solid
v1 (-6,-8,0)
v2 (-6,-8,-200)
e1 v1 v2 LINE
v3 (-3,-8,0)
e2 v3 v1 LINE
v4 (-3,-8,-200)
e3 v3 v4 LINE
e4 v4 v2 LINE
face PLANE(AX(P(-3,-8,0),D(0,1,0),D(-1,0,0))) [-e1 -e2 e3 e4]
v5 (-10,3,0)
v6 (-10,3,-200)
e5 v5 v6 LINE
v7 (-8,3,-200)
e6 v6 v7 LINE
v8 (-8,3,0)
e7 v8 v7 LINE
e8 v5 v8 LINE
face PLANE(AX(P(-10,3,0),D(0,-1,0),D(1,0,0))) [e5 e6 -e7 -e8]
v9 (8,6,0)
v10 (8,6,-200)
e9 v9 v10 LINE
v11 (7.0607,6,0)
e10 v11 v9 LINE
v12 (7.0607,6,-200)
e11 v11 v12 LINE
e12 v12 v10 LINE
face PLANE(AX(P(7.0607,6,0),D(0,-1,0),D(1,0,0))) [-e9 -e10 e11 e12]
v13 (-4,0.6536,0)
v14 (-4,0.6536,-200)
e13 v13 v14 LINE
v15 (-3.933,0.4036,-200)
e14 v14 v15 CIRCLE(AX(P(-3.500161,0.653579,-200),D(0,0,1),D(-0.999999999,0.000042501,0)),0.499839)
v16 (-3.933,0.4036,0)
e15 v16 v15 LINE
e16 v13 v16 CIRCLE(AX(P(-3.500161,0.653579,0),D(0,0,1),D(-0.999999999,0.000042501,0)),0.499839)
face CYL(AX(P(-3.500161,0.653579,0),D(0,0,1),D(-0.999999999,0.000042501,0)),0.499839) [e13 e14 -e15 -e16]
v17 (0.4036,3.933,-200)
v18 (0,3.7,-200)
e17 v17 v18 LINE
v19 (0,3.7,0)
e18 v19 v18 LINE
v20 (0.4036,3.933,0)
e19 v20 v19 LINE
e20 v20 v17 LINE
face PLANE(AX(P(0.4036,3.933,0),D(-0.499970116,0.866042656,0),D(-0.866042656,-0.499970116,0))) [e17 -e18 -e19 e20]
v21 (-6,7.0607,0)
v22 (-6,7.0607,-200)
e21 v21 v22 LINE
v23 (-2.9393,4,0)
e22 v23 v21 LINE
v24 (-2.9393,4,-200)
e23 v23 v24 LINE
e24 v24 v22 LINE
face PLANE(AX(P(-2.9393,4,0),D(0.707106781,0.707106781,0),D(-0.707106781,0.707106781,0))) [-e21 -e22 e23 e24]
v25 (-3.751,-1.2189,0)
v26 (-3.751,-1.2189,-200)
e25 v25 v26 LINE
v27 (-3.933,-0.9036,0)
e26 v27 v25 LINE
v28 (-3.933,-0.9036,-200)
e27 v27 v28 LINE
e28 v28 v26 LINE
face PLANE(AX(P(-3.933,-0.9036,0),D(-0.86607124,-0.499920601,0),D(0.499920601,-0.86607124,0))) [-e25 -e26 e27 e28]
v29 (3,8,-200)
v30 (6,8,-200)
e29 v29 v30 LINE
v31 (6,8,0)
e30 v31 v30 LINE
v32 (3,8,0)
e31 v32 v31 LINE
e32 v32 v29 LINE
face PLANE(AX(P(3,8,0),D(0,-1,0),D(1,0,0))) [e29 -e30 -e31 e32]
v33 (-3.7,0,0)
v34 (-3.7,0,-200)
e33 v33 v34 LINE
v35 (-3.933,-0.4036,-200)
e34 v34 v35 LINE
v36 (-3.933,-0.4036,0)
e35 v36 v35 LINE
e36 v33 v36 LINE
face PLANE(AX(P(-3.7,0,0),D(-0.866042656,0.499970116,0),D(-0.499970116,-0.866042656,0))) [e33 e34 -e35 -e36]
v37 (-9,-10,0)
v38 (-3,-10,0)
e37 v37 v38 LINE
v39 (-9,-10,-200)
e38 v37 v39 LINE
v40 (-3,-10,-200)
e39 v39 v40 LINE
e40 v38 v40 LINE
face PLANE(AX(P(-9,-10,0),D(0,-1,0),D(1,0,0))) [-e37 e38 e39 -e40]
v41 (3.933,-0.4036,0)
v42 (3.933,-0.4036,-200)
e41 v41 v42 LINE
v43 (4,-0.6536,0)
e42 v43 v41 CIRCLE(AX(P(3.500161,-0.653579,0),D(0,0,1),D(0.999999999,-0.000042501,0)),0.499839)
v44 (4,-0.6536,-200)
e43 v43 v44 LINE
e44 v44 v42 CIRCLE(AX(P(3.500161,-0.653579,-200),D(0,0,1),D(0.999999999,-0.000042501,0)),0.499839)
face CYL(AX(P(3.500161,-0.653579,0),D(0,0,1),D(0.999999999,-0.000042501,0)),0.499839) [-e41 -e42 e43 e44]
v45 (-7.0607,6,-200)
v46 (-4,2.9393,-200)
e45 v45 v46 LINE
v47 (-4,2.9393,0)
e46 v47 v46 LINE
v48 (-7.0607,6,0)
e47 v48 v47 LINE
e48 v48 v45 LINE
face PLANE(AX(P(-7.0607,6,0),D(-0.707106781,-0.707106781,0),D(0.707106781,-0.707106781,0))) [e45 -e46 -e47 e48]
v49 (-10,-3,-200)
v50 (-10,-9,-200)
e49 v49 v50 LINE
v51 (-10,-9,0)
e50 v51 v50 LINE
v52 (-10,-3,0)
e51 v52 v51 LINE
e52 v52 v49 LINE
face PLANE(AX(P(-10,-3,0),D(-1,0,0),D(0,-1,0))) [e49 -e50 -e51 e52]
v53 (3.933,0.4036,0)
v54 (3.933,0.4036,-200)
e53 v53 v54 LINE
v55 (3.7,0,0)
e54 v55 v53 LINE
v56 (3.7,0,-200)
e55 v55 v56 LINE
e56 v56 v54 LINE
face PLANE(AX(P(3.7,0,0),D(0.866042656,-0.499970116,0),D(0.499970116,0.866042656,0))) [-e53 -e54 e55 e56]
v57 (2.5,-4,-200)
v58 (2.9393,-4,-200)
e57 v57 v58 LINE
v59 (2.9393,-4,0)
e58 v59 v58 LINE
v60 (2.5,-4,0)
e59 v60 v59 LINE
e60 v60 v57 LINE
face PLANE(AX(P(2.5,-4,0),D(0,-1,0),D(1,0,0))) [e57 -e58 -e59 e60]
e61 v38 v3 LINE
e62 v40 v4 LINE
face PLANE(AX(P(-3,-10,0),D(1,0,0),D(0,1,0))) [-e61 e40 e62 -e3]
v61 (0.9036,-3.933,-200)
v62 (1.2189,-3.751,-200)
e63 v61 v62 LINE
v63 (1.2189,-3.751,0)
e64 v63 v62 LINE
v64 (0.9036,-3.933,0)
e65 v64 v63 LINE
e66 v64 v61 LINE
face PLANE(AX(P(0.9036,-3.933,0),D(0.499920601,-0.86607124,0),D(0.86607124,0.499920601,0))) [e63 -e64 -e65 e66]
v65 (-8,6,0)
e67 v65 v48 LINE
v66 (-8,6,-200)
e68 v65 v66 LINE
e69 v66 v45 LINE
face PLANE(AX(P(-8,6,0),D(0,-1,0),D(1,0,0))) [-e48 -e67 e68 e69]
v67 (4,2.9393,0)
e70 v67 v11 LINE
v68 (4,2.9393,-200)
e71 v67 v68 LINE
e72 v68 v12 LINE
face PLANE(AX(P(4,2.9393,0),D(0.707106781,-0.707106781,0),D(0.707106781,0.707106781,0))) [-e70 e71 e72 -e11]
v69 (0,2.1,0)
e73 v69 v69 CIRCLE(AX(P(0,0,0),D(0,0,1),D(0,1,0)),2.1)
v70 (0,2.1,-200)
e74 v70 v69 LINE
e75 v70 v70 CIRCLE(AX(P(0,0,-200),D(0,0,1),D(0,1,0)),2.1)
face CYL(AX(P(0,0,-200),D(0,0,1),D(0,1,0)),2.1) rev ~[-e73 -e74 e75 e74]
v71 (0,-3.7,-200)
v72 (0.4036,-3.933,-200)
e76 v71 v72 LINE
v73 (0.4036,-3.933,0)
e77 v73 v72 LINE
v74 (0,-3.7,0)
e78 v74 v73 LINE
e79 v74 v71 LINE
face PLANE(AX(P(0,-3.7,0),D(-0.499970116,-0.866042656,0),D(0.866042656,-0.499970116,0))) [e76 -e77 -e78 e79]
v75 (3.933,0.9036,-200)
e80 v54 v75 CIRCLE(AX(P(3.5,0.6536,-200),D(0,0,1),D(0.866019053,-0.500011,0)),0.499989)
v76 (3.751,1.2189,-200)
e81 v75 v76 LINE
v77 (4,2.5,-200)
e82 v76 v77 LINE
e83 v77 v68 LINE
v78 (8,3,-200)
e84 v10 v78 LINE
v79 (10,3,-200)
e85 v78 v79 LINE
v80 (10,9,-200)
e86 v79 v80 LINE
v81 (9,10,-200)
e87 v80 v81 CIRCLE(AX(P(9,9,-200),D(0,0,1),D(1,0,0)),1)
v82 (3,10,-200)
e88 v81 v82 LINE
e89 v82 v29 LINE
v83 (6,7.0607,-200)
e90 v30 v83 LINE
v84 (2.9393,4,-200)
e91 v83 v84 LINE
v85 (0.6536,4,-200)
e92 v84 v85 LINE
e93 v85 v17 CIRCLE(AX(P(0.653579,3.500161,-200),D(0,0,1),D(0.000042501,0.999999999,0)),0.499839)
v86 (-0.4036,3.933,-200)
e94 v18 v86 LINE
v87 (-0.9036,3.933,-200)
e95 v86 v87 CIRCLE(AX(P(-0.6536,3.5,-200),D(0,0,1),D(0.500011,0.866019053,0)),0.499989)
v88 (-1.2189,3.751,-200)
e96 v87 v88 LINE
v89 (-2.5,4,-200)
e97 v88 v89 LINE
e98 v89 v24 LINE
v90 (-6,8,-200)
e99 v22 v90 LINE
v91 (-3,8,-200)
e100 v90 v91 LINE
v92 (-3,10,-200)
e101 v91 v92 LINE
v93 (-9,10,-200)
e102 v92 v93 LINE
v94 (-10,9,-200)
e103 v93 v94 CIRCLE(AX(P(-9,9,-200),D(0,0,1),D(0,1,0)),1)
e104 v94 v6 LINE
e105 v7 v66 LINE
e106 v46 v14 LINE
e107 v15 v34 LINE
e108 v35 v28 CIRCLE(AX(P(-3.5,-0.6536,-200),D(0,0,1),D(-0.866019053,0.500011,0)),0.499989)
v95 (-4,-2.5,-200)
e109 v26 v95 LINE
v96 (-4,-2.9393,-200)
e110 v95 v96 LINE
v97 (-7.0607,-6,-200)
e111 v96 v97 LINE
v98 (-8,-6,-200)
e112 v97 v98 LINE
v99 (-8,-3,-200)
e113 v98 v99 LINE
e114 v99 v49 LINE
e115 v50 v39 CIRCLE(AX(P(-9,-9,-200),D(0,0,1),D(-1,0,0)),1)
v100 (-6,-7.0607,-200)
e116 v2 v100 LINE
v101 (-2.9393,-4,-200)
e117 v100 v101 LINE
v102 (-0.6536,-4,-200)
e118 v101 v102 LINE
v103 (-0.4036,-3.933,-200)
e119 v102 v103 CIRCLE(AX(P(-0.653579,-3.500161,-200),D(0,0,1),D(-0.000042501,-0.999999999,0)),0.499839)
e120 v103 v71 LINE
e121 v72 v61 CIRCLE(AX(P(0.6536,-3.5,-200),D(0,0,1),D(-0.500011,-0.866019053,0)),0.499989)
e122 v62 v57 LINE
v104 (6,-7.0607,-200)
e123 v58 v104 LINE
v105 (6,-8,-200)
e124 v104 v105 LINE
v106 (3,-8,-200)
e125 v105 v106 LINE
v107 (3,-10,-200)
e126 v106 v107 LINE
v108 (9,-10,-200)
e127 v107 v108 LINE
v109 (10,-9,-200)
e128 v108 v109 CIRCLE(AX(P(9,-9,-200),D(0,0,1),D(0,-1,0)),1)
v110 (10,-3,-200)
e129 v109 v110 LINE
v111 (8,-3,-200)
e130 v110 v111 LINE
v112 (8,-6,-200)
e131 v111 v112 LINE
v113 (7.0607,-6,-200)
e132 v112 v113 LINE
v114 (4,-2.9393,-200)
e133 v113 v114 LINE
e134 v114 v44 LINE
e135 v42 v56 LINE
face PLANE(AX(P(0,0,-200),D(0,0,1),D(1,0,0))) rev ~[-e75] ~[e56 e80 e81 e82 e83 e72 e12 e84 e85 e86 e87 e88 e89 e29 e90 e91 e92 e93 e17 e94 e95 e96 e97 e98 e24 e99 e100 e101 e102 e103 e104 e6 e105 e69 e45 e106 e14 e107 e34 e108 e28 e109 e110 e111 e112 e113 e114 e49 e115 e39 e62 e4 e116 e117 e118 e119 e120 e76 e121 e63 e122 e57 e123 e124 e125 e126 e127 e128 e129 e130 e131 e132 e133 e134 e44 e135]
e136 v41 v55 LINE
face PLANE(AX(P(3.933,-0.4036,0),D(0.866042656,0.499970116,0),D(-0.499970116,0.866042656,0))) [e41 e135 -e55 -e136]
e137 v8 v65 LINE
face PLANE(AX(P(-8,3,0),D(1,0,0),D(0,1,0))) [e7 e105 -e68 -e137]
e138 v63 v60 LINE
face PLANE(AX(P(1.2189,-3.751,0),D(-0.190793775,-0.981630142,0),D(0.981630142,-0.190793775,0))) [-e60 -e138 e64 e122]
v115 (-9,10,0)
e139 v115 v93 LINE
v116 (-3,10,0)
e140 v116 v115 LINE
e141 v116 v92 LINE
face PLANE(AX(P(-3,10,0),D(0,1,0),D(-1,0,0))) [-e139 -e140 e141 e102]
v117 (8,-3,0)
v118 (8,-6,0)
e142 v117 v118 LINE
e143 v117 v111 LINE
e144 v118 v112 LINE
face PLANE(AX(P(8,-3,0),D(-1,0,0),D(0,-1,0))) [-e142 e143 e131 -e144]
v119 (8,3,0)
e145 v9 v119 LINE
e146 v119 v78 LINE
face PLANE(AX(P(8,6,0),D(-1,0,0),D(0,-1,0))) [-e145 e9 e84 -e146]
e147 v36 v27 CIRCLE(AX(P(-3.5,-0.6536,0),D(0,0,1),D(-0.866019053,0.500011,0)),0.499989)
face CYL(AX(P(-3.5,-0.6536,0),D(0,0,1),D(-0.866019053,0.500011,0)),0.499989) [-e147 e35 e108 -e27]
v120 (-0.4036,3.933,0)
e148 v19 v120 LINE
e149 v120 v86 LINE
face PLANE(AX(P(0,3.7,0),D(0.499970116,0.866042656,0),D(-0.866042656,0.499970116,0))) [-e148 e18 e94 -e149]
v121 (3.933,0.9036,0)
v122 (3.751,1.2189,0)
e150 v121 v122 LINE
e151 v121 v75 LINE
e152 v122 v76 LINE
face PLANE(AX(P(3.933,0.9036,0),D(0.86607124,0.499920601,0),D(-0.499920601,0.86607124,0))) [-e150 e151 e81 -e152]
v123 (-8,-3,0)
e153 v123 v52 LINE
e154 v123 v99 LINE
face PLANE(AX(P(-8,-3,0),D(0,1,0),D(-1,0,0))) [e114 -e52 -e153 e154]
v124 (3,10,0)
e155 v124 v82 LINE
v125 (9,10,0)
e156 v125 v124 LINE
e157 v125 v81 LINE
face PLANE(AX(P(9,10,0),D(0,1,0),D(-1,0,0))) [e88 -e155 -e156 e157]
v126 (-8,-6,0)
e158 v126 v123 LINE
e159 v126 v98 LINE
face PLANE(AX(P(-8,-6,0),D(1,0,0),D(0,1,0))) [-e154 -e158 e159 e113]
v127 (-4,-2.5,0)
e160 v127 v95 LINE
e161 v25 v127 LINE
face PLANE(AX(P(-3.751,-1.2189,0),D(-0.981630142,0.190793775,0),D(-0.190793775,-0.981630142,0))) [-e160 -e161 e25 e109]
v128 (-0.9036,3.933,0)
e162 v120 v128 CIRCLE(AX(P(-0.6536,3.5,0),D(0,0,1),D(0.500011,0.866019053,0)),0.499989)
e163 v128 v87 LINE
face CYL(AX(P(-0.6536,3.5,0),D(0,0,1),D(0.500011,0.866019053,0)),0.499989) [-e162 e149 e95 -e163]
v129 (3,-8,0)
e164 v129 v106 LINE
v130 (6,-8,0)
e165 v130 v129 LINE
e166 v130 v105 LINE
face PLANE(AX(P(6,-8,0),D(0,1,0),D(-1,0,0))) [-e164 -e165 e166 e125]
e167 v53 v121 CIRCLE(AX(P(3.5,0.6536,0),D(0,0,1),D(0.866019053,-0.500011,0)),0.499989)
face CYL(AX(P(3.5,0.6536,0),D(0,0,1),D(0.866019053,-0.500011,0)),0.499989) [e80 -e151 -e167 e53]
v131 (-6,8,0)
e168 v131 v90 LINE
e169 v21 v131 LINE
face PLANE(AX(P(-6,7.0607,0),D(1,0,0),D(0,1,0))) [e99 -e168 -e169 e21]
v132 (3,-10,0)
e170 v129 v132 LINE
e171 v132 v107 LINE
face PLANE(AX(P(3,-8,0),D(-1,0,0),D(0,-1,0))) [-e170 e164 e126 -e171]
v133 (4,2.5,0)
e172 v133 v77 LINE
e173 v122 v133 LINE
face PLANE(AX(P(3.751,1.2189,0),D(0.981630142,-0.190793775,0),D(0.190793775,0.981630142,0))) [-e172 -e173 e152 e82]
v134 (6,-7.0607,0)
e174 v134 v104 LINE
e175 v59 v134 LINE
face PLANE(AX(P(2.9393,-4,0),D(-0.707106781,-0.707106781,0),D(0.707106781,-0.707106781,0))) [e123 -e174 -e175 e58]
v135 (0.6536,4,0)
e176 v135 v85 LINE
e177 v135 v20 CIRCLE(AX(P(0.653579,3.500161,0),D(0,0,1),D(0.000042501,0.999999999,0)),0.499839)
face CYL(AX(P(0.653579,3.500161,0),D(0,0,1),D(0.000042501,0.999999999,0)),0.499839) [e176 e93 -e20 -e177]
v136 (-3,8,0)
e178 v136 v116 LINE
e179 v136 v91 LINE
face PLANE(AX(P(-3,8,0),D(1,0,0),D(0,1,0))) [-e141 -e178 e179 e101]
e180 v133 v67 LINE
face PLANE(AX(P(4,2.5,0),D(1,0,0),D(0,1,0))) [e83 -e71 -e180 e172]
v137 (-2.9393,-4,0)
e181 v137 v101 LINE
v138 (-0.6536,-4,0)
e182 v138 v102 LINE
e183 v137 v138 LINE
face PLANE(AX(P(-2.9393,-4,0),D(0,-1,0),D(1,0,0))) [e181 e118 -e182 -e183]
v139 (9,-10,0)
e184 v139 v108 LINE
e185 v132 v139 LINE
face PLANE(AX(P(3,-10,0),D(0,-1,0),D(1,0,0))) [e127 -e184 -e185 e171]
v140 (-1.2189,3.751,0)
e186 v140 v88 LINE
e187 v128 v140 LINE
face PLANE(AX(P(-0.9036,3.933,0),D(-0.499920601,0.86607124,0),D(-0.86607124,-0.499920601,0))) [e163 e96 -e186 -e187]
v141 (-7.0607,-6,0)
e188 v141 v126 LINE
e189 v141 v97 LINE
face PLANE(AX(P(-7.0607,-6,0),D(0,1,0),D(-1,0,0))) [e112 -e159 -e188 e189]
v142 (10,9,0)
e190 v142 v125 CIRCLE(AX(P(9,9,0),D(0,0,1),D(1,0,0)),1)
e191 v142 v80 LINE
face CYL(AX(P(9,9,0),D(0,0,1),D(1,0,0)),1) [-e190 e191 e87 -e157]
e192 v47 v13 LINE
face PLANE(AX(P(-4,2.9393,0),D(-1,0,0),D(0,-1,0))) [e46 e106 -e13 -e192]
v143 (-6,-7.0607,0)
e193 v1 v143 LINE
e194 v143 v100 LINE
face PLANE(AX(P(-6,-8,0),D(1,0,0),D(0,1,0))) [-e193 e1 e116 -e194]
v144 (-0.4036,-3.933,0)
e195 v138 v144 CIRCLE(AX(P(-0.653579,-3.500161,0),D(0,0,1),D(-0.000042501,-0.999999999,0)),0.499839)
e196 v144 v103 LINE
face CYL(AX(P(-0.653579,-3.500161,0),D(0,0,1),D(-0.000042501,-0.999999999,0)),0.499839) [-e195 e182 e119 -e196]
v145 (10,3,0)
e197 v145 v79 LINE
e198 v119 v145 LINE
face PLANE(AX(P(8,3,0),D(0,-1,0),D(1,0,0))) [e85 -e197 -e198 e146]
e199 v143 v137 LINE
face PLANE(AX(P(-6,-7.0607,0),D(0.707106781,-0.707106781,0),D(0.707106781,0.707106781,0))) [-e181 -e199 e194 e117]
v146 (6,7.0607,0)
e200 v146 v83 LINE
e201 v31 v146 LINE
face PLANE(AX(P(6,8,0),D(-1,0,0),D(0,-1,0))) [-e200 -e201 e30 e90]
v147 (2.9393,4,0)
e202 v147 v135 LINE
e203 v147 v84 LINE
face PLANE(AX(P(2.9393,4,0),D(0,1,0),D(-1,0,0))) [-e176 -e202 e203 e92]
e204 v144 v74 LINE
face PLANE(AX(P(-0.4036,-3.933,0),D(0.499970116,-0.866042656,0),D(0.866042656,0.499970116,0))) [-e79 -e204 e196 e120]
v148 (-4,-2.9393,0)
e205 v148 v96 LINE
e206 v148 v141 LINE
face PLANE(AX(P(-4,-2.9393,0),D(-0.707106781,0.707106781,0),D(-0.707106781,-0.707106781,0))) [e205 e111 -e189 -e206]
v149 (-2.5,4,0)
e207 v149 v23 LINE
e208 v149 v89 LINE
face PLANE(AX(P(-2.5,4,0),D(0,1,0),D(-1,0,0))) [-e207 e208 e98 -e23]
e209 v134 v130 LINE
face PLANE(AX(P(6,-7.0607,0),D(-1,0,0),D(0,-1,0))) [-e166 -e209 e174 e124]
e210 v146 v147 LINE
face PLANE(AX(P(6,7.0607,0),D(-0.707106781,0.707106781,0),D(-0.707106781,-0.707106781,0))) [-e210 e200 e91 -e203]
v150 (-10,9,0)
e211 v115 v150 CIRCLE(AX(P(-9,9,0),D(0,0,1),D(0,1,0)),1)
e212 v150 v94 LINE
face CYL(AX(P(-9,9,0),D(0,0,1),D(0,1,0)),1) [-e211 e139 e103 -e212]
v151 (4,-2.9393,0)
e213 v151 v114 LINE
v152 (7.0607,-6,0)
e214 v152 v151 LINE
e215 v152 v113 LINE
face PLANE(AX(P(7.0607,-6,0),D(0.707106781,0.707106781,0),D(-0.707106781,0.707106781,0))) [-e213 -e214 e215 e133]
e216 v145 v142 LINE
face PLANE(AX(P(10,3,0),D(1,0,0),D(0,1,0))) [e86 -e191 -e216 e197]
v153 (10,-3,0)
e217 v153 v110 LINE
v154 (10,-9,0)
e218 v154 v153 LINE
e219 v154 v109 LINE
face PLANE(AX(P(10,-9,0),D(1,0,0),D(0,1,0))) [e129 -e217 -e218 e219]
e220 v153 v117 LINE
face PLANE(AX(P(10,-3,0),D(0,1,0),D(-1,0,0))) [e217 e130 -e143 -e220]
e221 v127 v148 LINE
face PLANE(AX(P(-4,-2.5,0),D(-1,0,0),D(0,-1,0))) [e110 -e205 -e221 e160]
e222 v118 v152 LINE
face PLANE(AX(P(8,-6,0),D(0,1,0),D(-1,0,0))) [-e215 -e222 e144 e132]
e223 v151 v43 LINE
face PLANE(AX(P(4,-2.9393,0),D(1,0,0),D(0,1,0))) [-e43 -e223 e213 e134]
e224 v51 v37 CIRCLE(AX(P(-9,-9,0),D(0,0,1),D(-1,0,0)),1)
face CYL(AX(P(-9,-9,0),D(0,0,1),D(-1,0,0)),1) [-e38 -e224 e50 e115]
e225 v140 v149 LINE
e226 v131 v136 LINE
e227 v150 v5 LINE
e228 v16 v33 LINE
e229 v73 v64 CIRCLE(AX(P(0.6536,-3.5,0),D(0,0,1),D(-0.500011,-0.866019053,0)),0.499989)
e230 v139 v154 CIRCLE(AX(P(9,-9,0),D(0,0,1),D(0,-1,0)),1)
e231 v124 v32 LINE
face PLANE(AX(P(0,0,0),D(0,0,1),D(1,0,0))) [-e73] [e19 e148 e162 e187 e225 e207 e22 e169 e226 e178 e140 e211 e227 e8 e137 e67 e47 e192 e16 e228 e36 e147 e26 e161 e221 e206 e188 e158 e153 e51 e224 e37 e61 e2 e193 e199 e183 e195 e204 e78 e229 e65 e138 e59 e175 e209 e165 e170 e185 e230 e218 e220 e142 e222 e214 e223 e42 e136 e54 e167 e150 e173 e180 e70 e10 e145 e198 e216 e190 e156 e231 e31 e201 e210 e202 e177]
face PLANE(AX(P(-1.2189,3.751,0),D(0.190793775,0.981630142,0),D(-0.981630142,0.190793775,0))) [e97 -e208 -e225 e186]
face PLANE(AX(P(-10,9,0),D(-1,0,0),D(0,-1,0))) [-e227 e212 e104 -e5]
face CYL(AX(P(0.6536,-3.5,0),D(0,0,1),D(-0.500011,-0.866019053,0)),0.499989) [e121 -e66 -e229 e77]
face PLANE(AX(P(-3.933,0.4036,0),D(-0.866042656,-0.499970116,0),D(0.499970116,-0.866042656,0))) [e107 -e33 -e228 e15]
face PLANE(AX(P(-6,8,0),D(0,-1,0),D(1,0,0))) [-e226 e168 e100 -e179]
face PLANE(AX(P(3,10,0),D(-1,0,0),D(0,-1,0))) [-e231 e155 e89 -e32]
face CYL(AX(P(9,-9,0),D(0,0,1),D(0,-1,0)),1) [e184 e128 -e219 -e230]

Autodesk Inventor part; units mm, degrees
sketch "Sketch_75" plane through (0, 0, 0) normal (0, 0, 1) x (1, 0, 0)
  line L0 (-10, -3) -> (-10, -9)
  arc A0 (-10, -9) -> (-9, -10) centre (-9, -9) ccw
  line L1 (-9, -10) -> (-3, -10)
  line L2 (-3, -10) -> (-3, -8)
  line L3 (-3, -8) -> (-6, -8)
  line L4 (-6, -8) -> (-6, -7.0607)
  line L5 (-6, -7.0607) -> (-2.9393, -4)
  line L6 (-2.9393, -4) -> (-0.6536, -4)
  arc A1 (-0.6536, -4) -> (-0.4036, -3.933) centre (-0.6536, -3.5) ccw
  line L7 (-0.4036, -3.933) -> (0, -3.7)
  line L8 (0, -3.7) -> (0.4036, -3.933)
  arc A2 (0.4036, -3.933) -> (0.9036, -3.933) centre (0.6536, -3.5) ccw
  line L9 (0.9036, -3.933) -> (1.2189, -3.751)
  line L10 (1.2189, -3.751) -> (2.5, -4)
  line L11 (2.5, -4) -> (2.9393, -4)
  line L12 (2.9393, -4) -> (6, -7.0607)
  line L13 (6, -7.0607) -> (6, -8)
  line L14 (6, -8) -> (3, -8)
  line L15 (3, -8) -> (3, -10)
  line L16 (3, -10) -> (9, -10)
  arc A3 (9, -10) -> (10, -9) centre (9, -9) ccw
  line L17 (10, -9) -> (10, -3)
  line L18 (10, -3) -> (8, -3)
  line L19 (8, -3) -> (8, -6)
  line L20 (8, -6) -> (7.0607, -6)
  line L21 (7.0607, -6) -> (4, -2.9393)
  line L22 (4, -2.9393) -> (4, -0.6536)
  arc A4 (4, -0.6536) -> (3.933, -0.4036) centre (3.5, -0.6536) ccw
  line L23 (3.933, -0.4036) -> (3.7, 0)
  line L24 (3.7, 0) -> (3.933, 0.4036)
  arc A5 (3.933, 0.4036) -> (3.933, 0.9036) centre (3.5, 0.6536) ccw
  line L25 (3.933, 0.9036) -> (3.751, 1.2189)
  line L26 (3.751, 1.2189) -> (4, 2.5)
  line L27 (4, 2.5) -> (4, 2.9393)
  line L28 (4, 2.9393) -> (7.0607, 6)
  line L29 (7.0607, 6) -> (8, 6)
  line L30 (8, 6) -> (8, 3)
  line L31 (8, 3) -> (10, 3)
  line L32 (10, 3) -> (10, 9)
  arc A6 (10, 9) -> (9, 10) centre (9, 9) ccw
  line L33 (9, 10) -> (3, 10)
  line L34 (3, 10) -> (3, 8)
  line L35 (3, 8) -> (6, 8)
  line L36 (6, 8) -> (6, 7.0607)
  line L37 (6, 7.0607) -> (2.9393, 4)
  line L38 (2.9393, 4) -> (0.6536, 4)
  arc A7 (0.6536, 4) -> (0.4036, 3.933) centre (0.6536, 3.5) ccw
  line L39 (0.4036, 3.933) -> (0, 3.7)
  line L40 (0, 3.7) -> (-0.4036, 3.933)
  arc A8 (-0.4036, 3.933) -> (-0.9036, 3.933) centre (-0.6536, 3.5) ccw
  line L41 (-0.9036, 3.933) -> (-1.2189, 3.751)
  line L42 (-1.2189, 3.751) -> (-2.5, 4)
  line L43 (-2.5, 4) -> (-2.9393, 4)
  line L44 (-2.9393, 4) -> (-6, 7.0607)
  line L45 (-6, 7.0607) -> (-6, 8)
  line L46 (-6, 8) -> (-3, 8)
  line L47 (-3, 8) -> (-3, 10)
  line L48 (-3, 10) -> (-9, 10)
  arc A9 (-9, 10) -> (-10, 9) centre (-9, 9) ccw
  line L49 (-10, 9) -> (-10, 3)
  line L50 (-10, 3) -> (-8, 3)
  line L51 (-8, 3) -> (-8, 6)
  line L52 (-8, 6) -> (-7.0607, 6)
  line L53 (-7.0607, 6) -> (-4, 2.9393)
  line L54 (-4, 2.9393) -> (-4, 0.6536)
  arc A10 (-4, 0.6536) -> (-3.933, 0.4036) centre (-3.5, 0.6536) ccw
  line L55 (-3.933, 0.4036) -> (-3.7, 0)
  line L56 (-3.7, 0) -> (-3.933, -0.4036)
  arc A11 (-3.933, -0.4036) -> (-3.933, -0.9036) centre (-3.5, -0.6536) ccw
  line L57 (-3.933, -0.9036) -> (-3.751, -1.2189)
  line L58 (-3.751, -1.2189) -> (-4, -2.5)
  line L59 (-4, -2.5) -> (-4, -2.9393)
  line L60 (-4, -2.9393) -> (-7.0607, -6)
  line L61 (-7.0607, -6) -> (-8, -6)
  line L62 (-8, -6) -> (-8, -3)
  line L63 (-8, -3) -> (-10, -3)
extrude "Extrusion1" add sketch "Sketch_75" against normal blind 200
sketch "Sketch2" plane through (0, 0, -200) normal (0, 0, -1) x (-1, 0, 0)
  point P0 (0, 0)
hole "Hole1" at (0, 0, -200) direction (0, 0, 1) diameter 4.2 end through all
ref_plane "C1_XY" through (0, 0, 0) normal (0, 0, 1) x (1, 0, 0)
ref_plane "C1_YZ" through (0, 0, 0) normal (1, 0, 0) x (0, 1, 0)
ref_plane "C1_ZX" through (0, 0, 0) normal (0, 1, 0) x (0, 0, 1)
properties part number "NFS5-2020-short" material "アルミニウム 6061"
